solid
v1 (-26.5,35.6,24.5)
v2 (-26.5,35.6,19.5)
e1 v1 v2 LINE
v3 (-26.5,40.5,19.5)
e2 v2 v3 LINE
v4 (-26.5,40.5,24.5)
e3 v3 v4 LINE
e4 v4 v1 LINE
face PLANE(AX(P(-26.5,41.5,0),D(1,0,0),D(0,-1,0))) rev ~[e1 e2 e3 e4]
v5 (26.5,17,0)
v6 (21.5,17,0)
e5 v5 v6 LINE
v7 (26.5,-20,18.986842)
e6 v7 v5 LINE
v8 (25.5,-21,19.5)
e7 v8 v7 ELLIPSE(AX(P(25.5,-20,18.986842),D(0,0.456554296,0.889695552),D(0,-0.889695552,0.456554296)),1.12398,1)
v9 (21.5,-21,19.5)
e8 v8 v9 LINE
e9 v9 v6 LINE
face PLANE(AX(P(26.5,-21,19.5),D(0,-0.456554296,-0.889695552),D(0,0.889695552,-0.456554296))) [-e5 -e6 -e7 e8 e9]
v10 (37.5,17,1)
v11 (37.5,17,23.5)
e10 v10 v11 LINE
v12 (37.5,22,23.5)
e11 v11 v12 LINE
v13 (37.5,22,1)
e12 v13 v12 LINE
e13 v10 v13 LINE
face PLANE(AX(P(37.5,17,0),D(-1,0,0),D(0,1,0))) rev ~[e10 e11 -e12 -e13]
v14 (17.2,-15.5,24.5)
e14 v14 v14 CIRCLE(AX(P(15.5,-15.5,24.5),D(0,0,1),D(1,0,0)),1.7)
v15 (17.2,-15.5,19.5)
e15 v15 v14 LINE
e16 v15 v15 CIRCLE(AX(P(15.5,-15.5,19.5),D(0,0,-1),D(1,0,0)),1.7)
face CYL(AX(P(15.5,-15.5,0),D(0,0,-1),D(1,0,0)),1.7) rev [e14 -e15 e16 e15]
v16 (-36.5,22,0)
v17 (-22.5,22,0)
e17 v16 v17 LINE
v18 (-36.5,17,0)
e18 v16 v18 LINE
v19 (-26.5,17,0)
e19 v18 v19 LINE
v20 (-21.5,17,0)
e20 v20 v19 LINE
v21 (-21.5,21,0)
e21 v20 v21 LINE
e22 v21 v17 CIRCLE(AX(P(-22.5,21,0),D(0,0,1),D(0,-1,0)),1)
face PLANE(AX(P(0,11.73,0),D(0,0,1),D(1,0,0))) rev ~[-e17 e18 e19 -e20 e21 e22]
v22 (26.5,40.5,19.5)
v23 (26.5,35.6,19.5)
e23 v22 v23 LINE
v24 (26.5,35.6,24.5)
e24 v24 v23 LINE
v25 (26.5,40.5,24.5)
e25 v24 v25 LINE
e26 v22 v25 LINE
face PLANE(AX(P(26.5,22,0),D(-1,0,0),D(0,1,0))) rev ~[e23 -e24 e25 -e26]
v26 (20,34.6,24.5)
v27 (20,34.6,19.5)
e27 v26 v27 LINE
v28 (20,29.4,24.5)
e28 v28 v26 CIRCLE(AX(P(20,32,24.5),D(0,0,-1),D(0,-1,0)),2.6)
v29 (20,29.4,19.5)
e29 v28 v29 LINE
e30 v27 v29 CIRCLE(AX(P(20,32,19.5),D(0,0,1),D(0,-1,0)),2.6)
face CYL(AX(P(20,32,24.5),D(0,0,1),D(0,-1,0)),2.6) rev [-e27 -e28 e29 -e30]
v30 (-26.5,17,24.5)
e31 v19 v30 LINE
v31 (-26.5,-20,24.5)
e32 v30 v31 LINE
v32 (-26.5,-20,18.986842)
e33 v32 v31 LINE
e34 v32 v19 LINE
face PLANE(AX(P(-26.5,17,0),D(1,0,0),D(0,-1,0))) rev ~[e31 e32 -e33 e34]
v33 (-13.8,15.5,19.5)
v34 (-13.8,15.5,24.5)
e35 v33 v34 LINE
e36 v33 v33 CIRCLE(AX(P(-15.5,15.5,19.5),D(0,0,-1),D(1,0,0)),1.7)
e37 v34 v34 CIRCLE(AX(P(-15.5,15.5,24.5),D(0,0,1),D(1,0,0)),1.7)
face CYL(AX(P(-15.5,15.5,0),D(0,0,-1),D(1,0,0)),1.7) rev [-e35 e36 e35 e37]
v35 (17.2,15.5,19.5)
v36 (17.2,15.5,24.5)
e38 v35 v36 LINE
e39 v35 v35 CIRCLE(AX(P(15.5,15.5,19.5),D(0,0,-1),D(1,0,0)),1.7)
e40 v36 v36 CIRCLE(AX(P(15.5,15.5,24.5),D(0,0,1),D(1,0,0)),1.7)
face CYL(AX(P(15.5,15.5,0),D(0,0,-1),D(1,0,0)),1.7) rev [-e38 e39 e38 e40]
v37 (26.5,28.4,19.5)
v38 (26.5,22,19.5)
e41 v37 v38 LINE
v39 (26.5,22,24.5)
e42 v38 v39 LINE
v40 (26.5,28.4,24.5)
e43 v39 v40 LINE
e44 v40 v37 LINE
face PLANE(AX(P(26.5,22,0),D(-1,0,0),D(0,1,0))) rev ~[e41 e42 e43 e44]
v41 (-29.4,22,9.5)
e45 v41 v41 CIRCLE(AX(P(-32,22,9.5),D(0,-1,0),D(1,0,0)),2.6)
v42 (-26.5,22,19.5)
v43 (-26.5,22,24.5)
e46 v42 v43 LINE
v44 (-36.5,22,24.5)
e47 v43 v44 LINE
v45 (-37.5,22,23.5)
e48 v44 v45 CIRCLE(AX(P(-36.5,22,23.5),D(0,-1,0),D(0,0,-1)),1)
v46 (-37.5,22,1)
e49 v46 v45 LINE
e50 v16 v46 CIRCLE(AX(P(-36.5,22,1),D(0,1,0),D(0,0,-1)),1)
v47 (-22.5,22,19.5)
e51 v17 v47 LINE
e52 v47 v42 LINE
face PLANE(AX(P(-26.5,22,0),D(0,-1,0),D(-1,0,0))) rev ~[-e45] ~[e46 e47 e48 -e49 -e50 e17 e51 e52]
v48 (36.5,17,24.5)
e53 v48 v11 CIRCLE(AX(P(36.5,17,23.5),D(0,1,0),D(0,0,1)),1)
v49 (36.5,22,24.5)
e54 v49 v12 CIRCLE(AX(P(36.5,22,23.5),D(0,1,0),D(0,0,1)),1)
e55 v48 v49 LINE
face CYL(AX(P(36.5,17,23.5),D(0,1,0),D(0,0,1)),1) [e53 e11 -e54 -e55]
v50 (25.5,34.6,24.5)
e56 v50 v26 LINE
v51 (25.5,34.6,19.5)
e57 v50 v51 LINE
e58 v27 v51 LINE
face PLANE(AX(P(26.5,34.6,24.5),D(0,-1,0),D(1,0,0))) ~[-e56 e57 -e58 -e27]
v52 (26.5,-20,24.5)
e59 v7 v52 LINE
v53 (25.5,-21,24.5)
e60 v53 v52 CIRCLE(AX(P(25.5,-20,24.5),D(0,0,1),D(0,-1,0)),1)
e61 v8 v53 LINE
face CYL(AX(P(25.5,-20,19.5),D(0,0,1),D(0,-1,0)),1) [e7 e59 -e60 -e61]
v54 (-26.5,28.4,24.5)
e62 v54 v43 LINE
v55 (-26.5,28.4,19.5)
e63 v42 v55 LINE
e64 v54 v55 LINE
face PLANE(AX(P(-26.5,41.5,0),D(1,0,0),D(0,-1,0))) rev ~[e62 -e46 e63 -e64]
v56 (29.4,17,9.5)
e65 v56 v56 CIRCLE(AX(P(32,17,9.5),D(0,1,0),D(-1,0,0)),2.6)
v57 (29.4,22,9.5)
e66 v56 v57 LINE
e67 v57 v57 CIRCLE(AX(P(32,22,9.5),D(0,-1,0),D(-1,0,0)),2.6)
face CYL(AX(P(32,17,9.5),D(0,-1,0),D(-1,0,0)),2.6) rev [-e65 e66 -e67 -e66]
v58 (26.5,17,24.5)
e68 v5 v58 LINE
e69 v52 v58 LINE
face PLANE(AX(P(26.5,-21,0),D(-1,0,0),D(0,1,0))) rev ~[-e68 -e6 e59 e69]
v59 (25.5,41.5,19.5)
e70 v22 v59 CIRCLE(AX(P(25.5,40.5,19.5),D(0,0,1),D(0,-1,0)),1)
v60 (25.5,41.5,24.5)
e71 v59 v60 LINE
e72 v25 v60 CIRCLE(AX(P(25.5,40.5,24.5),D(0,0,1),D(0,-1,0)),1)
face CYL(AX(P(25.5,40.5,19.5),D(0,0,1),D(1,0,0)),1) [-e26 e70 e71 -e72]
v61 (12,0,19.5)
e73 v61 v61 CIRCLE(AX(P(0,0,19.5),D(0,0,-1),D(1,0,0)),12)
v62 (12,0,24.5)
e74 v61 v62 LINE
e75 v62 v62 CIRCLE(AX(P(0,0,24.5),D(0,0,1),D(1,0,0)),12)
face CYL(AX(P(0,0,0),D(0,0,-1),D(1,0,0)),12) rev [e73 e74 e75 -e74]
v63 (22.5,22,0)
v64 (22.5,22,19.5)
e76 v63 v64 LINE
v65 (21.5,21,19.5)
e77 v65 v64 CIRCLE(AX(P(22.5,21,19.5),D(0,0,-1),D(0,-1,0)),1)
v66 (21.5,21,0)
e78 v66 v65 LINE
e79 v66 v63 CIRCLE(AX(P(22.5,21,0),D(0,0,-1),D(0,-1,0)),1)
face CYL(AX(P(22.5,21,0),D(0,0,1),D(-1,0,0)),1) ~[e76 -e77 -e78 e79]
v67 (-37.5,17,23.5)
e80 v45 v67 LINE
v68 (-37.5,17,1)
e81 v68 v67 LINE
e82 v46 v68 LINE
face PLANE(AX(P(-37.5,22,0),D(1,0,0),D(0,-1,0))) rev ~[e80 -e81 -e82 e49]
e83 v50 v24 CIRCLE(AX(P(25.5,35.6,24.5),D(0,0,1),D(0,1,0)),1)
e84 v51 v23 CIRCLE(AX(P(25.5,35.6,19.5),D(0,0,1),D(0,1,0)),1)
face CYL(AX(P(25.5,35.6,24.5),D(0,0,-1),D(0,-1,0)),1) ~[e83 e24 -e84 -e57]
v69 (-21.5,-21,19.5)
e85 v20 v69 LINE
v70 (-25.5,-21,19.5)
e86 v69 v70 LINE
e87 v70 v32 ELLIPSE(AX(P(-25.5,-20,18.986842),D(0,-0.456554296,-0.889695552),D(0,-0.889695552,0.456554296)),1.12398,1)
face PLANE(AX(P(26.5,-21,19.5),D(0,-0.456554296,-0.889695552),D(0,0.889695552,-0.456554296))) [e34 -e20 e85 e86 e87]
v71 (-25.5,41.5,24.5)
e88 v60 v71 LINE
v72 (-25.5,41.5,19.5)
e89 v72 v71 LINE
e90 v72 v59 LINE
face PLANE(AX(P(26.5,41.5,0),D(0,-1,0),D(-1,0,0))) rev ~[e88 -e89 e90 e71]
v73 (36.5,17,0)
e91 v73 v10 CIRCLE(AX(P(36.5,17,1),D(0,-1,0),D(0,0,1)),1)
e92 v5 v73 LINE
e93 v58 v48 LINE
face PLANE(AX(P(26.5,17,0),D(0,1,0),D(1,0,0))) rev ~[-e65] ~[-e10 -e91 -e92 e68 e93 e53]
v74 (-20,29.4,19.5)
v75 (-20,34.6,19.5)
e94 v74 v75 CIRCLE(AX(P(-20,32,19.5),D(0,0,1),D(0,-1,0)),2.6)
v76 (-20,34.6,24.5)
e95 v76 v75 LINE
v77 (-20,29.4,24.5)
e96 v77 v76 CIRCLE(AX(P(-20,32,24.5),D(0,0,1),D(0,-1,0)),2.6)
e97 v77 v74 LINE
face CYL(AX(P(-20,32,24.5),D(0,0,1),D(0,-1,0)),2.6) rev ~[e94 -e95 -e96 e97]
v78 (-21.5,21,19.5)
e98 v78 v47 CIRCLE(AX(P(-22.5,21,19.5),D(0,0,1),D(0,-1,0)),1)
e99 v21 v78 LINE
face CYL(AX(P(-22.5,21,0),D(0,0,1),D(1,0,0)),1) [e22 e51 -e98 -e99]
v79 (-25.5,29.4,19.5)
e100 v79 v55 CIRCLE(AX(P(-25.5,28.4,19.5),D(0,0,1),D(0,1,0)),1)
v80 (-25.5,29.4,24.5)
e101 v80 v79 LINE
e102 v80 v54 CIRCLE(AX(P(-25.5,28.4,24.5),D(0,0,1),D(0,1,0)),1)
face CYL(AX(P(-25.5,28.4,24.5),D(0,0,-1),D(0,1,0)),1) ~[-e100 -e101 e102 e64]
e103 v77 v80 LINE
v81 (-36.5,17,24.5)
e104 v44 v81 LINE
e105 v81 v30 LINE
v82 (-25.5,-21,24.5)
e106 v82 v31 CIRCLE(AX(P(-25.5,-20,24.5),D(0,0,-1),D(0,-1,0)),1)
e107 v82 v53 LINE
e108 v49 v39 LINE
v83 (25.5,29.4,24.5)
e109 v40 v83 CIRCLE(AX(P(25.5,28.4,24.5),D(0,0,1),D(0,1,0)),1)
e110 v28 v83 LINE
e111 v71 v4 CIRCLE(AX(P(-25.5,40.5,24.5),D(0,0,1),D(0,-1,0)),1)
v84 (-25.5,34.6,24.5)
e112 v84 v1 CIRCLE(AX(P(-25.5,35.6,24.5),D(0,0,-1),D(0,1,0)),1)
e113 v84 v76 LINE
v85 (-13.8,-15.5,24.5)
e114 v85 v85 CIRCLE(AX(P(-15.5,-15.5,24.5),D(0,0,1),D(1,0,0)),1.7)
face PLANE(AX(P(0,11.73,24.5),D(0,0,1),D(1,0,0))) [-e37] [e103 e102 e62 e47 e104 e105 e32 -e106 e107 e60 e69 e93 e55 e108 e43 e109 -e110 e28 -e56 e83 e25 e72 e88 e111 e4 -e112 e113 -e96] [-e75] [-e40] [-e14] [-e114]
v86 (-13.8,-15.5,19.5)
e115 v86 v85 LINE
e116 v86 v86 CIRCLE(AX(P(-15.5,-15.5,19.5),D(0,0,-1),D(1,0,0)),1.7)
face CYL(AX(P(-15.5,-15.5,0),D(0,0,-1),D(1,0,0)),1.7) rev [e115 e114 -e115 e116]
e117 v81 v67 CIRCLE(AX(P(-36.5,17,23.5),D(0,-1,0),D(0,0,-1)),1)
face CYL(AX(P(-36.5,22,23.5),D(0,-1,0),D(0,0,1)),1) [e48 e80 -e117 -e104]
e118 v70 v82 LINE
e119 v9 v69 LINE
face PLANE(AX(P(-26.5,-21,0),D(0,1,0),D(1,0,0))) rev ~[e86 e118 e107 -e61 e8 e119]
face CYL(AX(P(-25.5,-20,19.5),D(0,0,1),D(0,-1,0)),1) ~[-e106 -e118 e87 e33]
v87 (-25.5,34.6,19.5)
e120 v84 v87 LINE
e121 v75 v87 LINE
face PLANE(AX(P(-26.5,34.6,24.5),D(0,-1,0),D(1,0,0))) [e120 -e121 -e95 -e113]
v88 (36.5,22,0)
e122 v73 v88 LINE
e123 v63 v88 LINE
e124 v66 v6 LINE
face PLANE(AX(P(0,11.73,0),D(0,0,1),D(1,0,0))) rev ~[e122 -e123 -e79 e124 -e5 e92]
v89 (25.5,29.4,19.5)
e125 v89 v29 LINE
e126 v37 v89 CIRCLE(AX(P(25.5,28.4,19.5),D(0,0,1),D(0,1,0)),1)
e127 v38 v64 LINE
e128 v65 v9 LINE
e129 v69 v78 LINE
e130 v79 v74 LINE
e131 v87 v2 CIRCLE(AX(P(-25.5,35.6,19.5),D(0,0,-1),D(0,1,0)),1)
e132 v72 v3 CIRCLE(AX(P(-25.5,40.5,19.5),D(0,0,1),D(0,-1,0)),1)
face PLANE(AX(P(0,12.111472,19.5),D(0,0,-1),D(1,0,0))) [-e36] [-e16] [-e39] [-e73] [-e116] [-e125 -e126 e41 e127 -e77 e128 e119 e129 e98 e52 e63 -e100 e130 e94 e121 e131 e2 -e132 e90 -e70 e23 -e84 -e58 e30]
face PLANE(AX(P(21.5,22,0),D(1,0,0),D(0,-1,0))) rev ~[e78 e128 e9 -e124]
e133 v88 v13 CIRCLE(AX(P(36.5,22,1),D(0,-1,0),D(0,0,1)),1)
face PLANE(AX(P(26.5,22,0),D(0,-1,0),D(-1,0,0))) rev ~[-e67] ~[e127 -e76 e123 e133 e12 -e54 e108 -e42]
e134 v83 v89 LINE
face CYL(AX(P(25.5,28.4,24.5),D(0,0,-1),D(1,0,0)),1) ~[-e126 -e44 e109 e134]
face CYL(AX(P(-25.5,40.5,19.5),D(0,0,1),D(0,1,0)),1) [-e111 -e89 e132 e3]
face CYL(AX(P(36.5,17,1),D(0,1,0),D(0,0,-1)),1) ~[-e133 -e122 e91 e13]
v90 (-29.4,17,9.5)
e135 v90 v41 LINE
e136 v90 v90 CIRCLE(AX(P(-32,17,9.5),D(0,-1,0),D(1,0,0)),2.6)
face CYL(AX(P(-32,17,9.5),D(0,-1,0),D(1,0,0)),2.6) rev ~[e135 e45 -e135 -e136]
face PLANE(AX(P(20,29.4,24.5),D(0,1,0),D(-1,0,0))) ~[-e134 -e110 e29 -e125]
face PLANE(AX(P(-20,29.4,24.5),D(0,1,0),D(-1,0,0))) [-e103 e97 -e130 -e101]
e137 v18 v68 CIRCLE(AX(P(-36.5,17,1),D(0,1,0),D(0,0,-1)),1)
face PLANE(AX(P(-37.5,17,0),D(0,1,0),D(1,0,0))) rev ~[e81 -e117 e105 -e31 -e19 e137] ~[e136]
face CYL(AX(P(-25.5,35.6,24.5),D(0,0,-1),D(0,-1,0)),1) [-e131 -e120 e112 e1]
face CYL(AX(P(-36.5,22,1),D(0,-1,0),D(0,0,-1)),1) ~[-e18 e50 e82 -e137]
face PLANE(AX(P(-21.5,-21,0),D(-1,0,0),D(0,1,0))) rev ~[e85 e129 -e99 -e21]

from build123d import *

# Parameters (mm, degrees)
SKETCH_R        = 12
SKETCH_R_2      = 1.7
PAD_DEPTH       = 24.5
POCKET_DEPTH    = 19.5
POCKET001_DEPTH = 64.001
POCKET002_DEPTH = 225.811705
SKETCH004_R     = 2.6
POCKET003_DEPTH = 225.811705
FILLET_R        = 1


with BuildPart() as part:
    # Sketch → Pad (new body)
    with BuildSketch(Plane.XY):
        Polygon((-26.5, -21), (26.5, -21), (26.5, 17), (37.5, 17), (37.5, 22), (26.5, 22), (26.5, 41.5), (-26.5, 41.5), (-26.5, 22), (-37.5, 22), (-37.5, 17), (-26.5, 17), align=None)
        Circle(SKETCH_R, mode=Mode.SUBTRACT)
        with Locations((-15.5, 15.5)):
            Circle(SKETCH_R_2, mode=Mode.SUBTRACT)
        with Locations((15.5, 15.5)):
            Circle(SKETCH_R_2, mode=Mode.SUBTRACT)
        with Locations((-15.5, -15.5)):
            Circle(SKETCH_R_2, mode=Mode.SUBTRACT)
        with Locations((15.5, -15.5)):
            Circle(SKETCH_R_2, mode=Mode.SUBTRACT)
    extrude(amount=PAD_DEPTH)

    # Sketch001 (on Face18 of Pad) → Pocket (cut)
    with BuildSketch(Plane(origin=(0, 0, 0), x_dir=(1, 0, 0), z_dir=(0, 0, -1))):
        Polygon((-26.5, -41.5), (26.5, -41.5), (26.5, -22), (21.5, -22), (21.5, 21), (-21.5, 21), (-21.5, -22), (-26.5, -22), align=None)
    extrude(amount=-POCKET_DEPTH, mode=Mode.SUBTRACT)

    # Sketch002 (on Face7 of Pocket) → Pocket001 (cut, through all)
    with BuildSketch(Plane.YZ.offset(26.5)):
        Polygon((17, 0), (-21, 0), (-21, 19.5), align=None)
    extrude(amount=-POCKET001_DEPTH, mode=Mode.SUBTRACT)

    # Sketch003 (on Face6 of Pocket001) → Pocket002 (cut, through all)
    with BuildSketch(Plane.XY.offset(24.5)):
        with BuildLine():
            Line((-26.5, 34.6), (-20, 34.6))
            ThreePointArc((-20, 29.4), (-17.4, 32), (-20, 34.6))
            Line((-20, 29.4), (-26.5, 29.4))
            Line((-26.5, 29.4), (-26.5, 34.6))
        make_face()
    pocket002 = extrude(amount=-POCKET002_DEPTH, mode=Mode.SUBTRACT)

    # Sketch004 (on Face27 of Pocket002) → Pocket003 (cut, through all)
    with BuildSketch(Plane.XZ.offset(-17)):
        with Locations((-32, 9.5)):
            Circle(SKETCH004_R)
    pocket003 = extrude(amount=-POCKET003_DEPTH, mode=Mode.SUBTRACT)

    # Mirrored: Pocket003 across Sketch004 V_Axis
    add(pocket003.mirror(Plane(origin=(0, 17, 0), x_dir=(0, -1, 0), z_dir=(1, 0, 0))), mode=Mode.SUBTRACT)

    # Mirrored001: Pocket002 across Sketch003 V_Axis
    add(pocket002.mirror(Plane(origin=(0, 0, 24.5), x_dir=(0, 0, 1), z_dir=(1, 0, 0))), mode=Mode.SUBTRACT)

    # Fillet
    fillet_edges = [part.edges().sort_by_distance(p)[0] for p in [
        (-26.5, 41.5, 22),
        (-26.5, 34.6, 22),
        (-26.5, 29.4, 22),
        (26.5, 34.6, 22),
        (26.5, 41.5, 22),
        (26.5, 29.4, 22),
        (-26.5, -21, 22),
        (26.5, -21, 22),
        (-21.5, 22, 9.75),
        (21.5, 22, 9.75),
        (-37.5, 19.5, 24.5),
        (37.5, 19.5, 24.5),
        (-37.5, 19.5, 0),
        (37.5, 19.5, 0),
    ]]
    fillet(fillet_edges, radius=FILLET_R)


solid = part.part
